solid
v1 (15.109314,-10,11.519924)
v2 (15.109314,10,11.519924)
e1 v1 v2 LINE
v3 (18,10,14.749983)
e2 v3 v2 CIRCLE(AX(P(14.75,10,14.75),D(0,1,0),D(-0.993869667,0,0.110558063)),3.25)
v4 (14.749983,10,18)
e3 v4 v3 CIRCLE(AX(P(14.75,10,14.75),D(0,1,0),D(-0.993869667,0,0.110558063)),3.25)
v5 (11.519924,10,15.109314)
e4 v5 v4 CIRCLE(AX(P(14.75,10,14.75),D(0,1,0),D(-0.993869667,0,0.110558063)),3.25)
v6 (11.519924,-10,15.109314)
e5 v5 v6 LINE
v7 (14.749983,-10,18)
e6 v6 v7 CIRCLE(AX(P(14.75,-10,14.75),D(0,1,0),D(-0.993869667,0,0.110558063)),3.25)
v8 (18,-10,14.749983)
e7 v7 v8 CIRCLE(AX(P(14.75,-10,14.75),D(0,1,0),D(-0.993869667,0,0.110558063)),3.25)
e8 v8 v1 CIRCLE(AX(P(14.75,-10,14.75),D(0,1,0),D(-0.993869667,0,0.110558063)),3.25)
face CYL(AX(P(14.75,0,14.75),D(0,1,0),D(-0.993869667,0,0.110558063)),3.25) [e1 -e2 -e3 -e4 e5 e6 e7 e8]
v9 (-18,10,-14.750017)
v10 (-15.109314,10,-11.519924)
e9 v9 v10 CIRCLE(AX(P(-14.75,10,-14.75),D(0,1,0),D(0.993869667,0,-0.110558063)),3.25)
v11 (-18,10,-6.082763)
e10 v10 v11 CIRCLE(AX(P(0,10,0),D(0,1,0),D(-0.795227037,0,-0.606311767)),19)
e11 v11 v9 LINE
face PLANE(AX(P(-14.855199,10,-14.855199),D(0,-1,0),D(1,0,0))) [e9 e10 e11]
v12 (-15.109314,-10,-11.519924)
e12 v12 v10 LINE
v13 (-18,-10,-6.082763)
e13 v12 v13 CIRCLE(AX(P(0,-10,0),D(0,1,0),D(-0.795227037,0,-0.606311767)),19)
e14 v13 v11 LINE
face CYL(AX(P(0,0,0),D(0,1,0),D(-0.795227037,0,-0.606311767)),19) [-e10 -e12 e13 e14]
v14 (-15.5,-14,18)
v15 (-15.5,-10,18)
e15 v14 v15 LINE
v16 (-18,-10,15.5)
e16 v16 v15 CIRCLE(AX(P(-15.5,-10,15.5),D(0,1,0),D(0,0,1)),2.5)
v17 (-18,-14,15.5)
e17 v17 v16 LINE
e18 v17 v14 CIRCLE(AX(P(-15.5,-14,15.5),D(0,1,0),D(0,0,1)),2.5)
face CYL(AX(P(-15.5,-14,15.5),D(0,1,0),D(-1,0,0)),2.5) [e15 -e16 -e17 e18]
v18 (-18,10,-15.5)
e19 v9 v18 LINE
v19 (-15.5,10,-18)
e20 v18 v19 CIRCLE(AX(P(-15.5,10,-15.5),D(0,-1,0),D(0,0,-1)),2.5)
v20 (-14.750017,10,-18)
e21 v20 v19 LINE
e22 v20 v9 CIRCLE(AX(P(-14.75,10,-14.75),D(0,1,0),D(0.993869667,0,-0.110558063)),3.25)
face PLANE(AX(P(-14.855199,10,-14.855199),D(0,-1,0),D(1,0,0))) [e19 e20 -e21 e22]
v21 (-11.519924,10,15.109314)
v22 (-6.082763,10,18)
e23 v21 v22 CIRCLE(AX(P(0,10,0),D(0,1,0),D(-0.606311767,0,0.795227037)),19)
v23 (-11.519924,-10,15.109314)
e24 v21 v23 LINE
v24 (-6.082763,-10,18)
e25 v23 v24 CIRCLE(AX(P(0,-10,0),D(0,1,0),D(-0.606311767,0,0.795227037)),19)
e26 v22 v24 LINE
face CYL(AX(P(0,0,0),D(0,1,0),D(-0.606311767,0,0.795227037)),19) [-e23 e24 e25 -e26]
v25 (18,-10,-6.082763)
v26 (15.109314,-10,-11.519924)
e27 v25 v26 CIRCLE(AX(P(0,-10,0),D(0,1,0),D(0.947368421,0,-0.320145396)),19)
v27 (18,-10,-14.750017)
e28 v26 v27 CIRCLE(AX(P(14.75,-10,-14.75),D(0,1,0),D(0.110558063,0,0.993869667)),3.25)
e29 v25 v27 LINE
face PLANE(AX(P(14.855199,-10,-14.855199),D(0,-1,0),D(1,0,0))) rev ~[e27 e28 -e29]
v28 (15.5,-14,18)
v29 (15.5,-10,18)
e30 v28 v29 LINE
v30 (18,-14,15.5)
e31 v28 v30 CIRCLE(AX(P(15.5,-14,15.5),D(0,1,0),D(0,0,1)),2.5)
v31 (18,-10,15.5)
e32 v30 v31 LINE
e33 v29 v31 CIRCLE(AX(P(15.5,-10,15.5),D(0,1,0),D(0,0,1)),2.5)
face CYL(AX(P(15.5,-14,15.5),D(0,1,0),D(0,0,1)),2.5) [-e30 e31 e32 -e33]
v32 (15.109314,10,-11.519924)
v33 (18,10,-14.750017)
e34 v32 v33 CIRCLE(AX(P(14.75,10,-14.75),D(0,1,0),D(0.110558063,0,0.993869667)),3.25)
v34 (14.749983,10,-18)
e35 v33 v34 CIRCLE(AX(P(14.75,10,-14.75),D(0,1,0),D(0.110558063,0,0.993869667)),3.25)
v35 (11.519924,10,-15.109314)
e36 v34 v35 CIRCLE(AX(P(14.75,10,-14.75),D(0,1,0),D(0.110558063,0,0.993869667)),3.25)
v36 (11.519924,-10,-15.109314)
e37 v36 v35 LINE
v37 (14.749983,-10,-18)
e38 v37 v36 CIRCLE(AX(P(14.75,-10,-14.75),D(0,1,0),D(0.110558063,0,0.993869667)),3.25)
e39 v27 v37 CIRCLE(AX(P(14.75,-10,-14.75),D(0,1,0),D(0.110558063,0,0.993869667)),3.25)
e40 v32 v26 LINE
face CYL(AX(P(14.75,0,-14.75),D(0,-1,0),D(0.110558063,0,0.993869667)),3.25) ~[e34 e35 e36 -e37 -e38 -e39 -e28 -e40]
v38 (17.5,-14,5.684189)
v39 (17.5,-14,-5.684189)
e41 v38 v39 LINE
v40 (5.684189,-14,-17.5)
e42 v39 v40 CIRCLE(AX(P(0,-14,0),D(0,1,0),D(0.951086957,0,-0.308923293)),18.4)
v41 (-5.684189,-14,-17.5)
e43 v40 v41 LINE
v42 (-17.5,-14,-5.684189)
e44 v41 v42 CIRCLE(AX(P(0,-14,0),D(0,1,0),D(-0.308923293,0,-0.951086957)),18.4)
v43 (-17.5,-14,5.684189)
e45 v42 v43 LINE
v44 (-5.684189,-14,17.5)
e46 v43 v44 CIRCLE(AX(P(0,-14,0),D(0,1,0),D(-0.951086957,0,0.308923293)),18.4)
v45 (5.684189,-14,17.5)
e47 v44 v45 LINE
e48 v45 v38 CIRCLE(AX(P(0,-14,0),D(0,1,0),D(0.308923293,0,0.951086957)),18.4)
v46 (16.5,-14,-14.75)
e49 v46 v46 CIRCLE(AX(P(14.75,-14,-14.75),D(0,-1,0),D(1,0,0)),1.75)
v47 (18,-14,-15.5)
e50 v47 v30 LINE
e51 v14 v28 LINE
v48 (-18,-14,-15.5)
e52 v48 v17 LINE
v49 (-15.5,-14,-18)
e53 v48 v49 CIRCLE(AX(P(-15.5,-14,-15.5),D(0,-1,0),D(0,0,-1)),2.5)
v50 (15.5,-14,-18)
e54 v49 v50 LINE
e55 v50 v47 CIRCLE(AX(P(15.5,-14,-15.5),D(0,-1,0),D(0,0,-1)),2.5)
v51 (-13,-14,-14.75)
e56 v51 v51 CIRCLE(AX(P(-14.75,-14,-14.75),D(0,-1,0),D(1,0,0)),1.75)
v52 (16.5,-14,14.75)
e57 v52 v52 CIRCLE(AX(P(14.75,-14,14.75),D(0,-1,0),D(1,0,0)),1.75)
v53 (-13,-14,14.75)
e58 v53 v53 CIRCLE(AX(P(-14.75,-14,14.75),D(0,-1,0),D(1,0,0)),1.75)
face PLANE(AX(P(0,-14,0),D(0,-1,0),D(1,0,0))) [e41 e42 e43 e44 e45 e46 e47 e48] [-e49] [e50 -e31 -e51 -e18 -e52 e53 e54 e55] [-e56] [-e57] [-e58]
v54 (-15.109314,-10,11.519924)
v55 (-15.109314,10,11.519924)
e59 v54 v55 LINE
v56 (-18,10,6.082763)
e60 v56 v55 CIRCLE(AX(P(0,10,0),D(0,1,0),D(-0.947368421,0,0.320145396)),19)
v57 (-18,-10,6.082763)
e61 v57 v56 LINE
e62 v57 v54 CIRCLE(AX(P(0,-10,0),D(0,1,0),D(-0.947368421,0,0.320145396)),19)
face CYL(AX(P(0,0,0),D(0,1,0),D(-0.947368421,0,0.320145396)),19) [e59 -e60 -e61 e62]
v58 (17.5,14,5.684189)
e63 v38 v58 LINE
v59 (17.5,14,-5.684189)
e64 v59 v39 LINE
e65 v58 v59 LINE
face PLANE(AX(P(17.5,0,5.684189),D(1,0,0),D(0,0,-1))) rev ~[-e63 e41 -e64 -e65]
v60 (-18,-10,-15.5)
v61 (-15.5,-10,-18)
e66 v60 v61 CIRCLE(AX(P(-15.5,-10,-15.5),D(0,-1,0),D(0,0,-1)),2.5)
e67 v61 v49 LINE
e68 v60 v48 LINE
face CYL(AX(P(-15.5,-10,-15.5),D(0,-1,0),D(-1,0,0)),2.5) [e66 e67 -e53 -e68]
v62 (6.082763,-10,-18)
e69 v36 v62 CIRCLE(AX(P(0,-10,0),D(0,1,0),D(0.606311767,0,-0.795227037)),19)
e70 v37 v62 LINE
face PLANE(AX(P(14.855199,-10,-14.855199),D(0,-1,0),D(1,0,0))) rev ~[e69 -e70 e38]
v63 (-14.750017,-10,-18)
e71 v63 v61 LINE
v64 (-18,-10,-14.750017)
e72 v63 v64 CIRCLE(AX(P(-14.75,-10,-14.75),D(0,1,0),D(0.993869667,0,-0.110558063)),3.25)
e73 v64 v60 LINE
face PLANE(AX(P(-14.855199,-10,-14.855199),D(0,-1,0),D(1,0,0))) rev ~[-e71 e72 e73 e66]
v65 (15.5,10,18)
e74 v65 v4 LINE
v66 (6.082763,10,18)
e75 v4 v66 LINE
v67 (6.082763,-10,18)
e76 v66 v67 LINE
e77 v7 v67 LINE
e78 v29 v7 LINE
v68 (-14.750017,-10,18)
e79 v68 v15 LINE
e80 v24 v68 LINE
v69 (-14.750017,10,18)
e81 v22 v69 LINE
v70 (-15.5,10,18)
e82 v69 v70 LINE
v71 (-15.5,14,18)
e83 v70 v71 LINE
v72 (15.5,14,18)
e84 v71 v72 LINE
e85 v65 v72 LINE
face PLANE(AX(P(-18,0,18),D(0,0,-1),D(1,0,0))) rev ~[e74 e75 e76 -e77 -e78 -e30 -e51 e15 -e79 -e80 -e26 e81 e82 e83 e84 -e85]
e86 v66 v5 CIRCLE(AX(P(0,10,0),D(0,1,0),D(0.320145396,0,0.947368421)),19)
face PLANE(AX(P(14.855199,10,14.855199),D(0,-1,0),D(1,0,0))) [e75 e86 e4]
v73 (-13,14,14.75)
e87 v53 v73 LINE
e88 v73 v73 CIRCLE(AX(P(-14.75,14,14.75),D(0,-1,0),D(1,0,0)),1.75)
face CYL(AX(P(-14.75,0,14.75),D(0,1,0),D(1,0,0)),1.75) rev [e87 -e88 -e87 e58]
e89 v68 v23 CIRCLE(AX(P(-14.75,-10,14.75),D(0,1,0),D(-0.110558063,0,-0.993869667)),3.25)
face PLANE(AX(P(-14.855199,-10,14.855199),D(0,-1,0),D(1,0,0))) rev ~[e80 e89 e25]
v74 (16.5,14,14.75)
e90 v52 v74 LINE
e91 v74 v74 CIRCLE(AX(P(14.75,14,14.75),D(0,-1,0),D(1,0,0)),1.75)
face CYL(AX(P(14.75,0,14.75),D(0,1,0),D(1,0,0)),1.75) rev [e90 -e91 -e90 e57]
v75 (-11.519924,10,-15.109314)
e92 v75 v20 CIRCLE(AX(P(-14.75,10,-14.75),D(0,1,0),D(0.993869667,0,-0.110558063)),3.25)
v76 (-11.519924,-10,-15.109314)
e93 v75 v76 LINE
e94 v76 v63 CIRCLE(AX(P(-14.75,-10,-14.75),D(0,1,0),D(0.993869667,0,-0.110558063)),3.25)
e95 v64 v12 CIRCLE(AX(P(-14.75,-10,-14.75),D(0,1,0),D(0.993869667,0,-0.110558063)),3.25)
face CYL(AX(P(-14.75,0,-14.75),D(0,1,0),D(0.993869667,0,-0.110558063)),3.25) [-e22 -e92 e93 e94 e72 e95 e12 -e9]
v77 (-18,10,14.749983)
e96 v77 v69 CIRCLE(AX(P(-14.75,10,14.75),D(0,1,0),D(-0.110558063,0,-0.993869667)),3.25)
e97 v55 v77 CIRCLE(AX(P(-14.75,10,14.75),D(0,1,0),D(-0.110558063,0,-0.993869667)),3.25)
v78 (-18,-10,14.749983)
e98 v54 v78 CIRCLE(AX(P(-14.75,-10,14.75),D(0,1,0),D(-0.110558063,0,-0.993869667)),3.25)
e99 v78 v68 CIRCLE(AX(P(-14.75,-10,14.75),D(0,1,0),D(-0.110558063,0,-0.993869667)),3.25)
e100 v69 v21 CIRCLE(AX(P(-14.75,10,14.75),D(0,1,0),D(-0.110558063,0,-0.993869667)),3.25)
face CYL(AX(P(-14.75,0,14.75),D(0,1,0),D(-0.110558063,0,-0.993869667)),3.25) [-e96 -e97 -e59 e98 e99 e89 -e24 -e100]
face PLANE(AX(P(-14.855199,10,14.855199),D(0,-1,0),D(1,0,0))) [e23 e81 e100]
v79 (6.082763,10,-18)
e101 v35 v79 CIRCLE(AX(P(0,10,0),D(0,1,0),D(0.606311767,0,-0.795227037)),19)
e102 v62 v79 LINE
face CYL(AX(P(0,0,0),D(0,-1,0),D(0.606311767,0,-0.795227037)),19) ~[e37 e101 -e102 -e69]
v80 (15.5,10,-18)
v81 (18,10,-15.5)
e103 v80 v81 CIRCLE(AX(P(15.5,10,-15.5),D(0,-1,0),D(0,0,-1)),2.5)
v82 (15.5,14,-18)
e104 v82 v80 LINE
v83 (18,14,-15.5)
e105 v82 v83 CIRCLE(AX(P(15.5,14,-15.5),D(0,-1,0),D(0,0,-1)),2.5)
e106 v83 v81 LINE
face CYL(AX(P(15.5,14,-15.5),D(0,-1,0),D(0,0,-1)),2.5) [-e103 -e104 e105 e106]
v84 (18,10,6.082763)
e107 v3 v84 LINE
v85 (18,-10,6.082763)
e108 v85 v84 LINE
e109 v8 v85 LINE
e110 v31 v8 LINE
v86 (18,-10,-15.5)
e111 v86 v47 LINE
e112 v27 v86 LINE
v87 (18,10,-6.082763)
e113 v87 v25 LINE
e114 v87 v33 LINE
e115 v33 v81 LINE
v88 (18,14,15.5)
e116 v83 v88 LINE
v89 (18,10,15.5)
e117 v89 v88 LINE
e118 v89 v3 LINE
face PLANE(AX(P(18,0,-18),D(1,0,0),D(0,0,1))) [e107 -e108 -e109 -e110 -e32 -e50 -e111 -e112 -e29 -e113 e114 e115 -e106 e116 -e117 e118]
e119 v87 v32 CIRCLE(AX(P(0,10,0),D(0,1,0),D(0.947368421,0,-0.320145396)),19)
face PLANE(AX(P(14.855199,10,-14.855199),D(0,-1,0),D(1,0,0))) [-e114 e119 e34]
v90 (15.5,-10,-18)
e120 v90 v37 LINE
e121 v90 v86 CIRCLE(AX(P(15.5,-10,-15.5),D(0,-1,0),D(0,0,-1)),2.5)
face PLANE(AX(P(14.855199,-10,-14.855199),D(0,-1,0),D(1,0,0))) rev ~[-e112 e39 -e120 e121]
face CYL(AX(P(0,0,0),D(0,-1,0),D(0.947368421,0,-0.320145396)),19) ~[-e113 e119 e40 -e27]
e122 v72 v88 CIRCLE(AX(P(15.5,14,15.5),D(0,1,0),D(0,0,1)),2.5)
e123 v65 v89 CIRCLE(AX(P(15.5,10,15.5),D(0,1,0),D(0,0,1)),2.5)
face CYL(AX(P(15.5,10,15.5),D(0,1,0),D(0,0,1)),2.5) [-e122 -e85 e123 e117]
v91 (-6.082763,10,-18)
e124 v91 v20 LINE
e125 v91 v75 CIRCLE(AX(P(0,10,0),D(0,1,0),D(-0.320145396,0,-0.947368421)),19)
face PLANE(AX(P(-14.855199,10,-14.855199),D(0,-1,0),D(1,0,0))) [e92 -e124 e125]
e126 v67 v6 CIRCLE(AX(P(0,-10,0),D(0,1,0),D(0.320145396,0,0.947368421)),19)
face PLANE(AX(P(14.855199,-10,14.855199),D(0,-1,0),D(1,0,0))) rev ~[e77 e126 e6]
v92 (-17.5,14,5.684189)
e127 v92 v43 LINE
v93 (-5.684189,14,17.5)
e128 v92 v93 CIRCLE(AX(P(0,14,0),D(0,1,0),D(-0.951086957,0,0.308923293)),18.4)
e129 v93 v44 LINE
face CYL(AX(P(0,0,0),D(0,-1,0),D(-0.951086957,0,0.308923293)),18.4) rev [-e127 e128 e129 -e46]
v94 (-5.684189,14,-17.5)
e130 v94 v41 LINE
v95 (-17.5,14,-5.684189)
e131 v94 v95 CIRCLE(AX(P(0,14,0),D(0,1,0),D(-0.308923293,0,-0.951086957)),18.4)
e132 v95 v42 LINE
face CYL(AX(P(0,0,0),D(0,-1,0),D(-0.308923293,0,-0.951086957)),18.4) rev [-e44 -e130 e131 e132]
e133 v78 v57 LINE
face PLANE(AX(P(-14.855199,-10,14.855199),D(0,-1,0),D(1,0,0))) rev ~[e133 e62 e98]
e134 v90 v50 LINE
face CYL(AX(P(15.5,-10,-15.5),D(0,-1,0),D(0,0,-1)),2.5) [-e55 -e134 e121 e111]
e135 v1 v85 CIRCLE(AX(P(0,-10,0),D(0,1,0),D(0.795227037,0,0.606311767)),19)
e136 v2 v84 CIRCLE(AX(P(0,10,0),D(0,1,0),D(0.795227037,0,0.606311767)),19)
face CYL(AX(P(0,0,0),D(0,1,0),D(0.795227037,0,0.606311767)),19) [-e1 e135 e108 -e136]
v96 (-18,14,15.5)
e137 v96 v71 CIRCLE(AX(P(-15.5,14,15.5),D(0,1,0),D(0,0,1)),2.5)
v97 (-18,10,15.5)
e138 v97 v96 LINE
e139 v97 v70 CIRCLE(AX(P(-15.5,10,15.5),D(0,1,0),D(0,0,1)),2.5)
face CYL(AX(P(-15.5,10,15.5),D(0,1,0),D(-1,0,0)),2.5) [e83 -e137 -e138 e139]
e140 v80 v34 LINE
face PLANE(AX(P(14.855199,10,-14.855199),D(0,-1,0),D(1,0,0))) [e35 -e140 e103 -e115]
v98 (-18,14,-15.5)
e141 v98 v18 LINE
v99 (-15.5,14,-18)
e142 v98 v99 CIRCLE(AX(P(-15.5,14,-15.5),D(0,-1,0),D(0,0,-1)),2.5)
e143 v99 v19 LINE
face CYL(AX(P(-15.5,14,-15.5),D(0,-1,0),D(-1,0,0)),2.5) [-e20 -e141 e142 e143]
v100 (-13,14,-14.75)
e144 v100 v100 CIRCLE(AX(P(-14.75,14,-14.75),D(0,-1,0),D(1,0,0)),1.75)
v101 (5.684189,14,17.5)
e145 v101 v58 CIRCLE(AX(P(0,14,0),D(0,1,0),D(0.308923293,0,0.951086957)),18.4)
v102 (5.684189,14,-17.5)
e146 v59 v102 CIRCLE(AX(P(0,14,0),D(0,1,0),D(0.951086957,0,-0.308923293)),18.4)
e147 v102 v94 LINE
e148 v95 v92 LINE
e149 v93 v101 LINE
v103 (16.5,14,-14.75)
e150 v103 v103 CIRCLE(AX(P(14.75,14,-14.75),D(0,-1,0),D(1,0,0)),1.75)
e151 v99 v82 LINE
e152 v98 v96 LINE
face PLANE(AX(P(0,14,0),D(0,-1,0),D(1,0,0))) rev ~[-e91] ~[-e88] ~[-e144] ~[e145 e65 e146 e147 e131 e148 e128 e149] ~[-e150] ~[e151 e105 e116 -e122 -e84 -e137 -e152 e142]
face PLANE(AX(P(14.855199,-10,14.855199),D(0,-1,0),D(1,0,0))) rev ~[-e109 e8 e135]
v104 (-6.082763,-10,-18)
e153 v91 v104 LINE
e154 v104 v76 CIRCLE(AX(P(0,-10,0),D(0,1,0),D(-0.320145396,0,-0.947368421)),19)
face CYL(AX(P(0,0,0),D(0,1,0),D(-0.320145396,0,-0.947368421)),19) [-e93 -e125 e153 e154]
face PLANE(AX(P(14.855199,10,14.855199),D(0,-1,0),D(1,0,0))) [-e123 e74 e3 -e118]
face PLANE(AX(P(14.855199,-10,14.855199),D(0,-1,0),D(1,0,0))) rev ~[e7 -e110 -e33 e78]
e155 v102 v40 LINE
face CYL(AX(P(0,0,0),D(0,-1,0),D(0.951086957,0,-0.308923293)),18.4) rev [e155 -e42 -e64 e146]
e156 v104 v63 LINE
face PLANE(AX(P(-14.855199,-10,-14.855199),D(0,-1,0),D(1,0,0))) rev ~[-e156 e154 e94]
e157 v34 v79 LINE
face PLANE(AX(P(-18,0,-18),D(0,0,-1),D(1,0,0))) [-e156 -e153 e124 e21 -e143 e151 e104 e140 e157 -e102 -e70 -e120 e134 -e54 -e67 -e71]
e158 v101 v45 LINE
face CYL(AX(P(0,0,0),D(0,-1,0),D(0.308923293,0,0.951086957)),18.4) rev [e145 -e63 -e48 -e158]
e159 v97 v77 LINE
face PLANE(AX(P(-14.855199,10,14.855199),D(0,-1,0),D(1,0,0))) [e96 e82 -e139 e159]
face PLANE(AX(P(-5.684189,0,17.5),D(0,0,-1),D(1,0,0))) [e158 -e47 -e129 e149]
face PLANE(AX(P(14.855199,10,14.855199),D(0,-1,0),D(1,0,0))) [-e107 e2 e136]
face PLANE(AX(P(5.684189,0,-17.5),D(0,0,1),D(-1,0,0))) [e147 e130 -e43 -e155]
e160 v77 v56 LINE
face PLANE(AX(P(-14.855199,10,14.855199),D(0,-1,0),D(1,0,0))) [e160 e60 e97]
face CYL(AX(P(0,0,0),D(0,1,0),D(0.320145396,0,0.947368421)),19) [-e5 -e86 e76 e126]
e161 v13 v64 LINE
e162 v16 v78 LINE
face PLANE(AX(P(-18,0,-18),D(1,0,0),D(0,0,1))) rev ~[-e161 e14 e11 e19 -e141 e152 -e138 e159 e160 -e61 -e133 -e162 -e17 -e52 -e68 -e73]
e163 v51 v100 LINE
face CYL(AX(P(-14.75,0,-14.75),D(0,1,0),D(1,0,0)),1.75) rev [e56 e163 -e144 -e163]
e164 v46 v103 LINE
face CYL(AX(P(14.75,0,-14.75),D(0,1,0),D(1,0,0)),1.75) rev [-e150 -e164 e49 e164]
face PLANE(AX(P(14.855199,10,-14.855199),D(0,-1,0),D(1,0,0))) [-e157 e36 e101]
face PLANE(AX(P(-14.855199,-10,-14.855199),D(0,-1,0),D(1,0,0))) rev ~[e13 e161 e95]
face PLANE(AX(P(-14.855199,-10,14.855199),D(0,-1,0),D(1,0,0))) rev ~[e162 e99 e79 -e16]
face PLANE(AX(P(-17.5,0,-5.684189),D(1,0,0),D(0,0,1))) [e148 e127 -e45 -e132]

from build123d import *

# Parameters (mm, degrees)
F0_W     = 36
F0_H     = 36
F0_R     = 1.75
F1_DEPTH = 14
F3_DEPTH = 10
F4_R     = 2.5


with BuildPart() as f1:
    # F0 (on Front) → F1 (new body, symmetric)
    with BuildSketch(Plane.XZ):
        Rectangle(F0_W, F0_H)
        with Locations((-14.75, -14.75)):
            Circle(F0_R, mode=Mode.SUBTRACT)
        with Locations((14.75, -14.75)):
            Circle(F0_R, mode=Mode.SUBTRACT)
        with Locations((-14.75, 14.75)):
            Circle(F0_R, mode=Mode.SUBTRACT)
        with BuildLine():
            ThreePointArc((-17.5, 5.6841885964), (-13.0107647738, 13.0107647738), (-5.6841885964, 17.5))
            Line((-5.6841885964, 17.5), (5.6841885964, 17.5))
            ThreePointArc((5.6841885964, 17.5), (13.0107647738, 13.0107647738), (17.5, 5.6841885964))
            Line((17.5, 5.6841885964), (17.5, -5.6841885964))
            ThreePointArc((17.5, -5.6841885964), (13.0107647738, -13.0107647738), (5.6841885964, -17.5))
            Line((5.6841885964, -17.5), (-5.6841885964, -17.5))
            ThreePointArc((-5.6841885964, -17.5), (-13.0107647738, -13.0107647738), (-17.5, -5.6841885964))
            Line((-17.5, -5.6841885964), (-17.5, 5.6841885964))
        make_face(mode=Mode.SUBTRACT)
        with Locations((14.75, 14.75)):
            Circle(F0_R, mode=Mode.SUBTRACT)
    extrude(amount=F1_DEPTH, both=True)

    # F2 (on Front) → F3 (cut, symmetric)
    with BuildSketch(Plane.XZ):
        with BuildLine():
            ThreePointArc((-15.1093137054, 11.5199235828), (-17.0480970389, 17.0480970389), (-11.5199235828, 15.1093137054))
            ThreePointArc((-11.5199235828, 15.1093137054), (-8.9192295863, 16.7763924485), (-6.0827625303, 18))
            Line((-6.0827625303, 18), (-6.0827625303, 19))
            Line((-6.0827625303, 19), (-19, 19))
            Line((-19, 19), (-19, 6.0827625303))
            Line((-19, 6.0827625303), (-18, 6.0827625303))
            ThreePointArc((-18, 6.0827625303), (-16.7763924485, 8.9192295863), (-15.1093137054, 11.5199235828))
        make_face()
        with BuildLine():
            Line((19, 6.0827625303), (19, 19))
            Line((19, 19), (6.0827625303, 19))
            Line((6.0827625303, 19), (6.0827625303, 18))
            ThreePointArc((6.0827625303, 18), (8.9192295863, 16.7763924485), (11.5199235828, 15.1093137054))
            ThreePointArc((11.5199235828, 15.1093137054), (17.0480970389, 17.0480970389), (15.1093137054, 11.5199235828))
            ThreePointArc((15.1093137054, 11.5199235828), (16.7763924485, 8.9192295863), (18, 6.0827625303))
            Line((18, 6.0827625303), (19, 6.0827625303))
        make_face()
        with BuildLine():
            Line((-19, -6.0827625303), (-19, -19))
            Line((-19, -19), (-6.0827625303, -19))
            Line((-6.0827625303, -19), (-6.0827625303, -18))
            ThreePointArc((-6.0827625303, -18), (-8.9192295863, -16.7763924485), (-11.5199235828, -15.1093137054))
            ThreePointArc((-11.5199235828, -15.1093137054), (-17.0480970389, -17.0480970389), (-15.1093137054, -11.5199235828))
            ThreePointArc((-15.1093137054, -11.5199235828), (-16.7763924485, -8.9192295863), (-18, -6.0827625303))
            Line((-18, -6.0827625303), (-19, -6.0827625303))
        make_face()
        with BuildLine():
            Line((6.0827625303, -19), (19, -19))
            Line((19, -19), (19, -6.0827625303))
            Line((19, -6.0827625303), (18, -6.0827625303))
            ThreePointArc((18, -6.0827625303), (16.7763924485, -8.9192295863), (15.1093137054, -11.5199235828))
            ThreePointArc((15.1093137054, -11.5199235828), (17.0480970389, -17.0480970389), (11.5199235828, -15.1093137054))
            ThreePointArc((11.5199235828, -15.1093137054), (8.9192295863, -16.7763924485), (6.0827625303, -18))
            Line((6.0827625303, -18), (6.0827625303, -19))
        make_face()
    extrude(amount=F3_DEPTH, both=True, mode=Mode.SUBTRACT)

    # F4
    f4_edges = [f1.edges().sort_by_distance(p)[0] for p in [
        (18, -12, 18),
        (18, 12, 18),
        (18, -12, -18),
        (18, 12, -18),
        (-18, -12, 18),
        (-18, 12, 18),
        (-18, 12, -18),
        (-18, -12, -18),
    ]]
    fillet(f4_edges, radius=F4_R)


solid = f1.part
